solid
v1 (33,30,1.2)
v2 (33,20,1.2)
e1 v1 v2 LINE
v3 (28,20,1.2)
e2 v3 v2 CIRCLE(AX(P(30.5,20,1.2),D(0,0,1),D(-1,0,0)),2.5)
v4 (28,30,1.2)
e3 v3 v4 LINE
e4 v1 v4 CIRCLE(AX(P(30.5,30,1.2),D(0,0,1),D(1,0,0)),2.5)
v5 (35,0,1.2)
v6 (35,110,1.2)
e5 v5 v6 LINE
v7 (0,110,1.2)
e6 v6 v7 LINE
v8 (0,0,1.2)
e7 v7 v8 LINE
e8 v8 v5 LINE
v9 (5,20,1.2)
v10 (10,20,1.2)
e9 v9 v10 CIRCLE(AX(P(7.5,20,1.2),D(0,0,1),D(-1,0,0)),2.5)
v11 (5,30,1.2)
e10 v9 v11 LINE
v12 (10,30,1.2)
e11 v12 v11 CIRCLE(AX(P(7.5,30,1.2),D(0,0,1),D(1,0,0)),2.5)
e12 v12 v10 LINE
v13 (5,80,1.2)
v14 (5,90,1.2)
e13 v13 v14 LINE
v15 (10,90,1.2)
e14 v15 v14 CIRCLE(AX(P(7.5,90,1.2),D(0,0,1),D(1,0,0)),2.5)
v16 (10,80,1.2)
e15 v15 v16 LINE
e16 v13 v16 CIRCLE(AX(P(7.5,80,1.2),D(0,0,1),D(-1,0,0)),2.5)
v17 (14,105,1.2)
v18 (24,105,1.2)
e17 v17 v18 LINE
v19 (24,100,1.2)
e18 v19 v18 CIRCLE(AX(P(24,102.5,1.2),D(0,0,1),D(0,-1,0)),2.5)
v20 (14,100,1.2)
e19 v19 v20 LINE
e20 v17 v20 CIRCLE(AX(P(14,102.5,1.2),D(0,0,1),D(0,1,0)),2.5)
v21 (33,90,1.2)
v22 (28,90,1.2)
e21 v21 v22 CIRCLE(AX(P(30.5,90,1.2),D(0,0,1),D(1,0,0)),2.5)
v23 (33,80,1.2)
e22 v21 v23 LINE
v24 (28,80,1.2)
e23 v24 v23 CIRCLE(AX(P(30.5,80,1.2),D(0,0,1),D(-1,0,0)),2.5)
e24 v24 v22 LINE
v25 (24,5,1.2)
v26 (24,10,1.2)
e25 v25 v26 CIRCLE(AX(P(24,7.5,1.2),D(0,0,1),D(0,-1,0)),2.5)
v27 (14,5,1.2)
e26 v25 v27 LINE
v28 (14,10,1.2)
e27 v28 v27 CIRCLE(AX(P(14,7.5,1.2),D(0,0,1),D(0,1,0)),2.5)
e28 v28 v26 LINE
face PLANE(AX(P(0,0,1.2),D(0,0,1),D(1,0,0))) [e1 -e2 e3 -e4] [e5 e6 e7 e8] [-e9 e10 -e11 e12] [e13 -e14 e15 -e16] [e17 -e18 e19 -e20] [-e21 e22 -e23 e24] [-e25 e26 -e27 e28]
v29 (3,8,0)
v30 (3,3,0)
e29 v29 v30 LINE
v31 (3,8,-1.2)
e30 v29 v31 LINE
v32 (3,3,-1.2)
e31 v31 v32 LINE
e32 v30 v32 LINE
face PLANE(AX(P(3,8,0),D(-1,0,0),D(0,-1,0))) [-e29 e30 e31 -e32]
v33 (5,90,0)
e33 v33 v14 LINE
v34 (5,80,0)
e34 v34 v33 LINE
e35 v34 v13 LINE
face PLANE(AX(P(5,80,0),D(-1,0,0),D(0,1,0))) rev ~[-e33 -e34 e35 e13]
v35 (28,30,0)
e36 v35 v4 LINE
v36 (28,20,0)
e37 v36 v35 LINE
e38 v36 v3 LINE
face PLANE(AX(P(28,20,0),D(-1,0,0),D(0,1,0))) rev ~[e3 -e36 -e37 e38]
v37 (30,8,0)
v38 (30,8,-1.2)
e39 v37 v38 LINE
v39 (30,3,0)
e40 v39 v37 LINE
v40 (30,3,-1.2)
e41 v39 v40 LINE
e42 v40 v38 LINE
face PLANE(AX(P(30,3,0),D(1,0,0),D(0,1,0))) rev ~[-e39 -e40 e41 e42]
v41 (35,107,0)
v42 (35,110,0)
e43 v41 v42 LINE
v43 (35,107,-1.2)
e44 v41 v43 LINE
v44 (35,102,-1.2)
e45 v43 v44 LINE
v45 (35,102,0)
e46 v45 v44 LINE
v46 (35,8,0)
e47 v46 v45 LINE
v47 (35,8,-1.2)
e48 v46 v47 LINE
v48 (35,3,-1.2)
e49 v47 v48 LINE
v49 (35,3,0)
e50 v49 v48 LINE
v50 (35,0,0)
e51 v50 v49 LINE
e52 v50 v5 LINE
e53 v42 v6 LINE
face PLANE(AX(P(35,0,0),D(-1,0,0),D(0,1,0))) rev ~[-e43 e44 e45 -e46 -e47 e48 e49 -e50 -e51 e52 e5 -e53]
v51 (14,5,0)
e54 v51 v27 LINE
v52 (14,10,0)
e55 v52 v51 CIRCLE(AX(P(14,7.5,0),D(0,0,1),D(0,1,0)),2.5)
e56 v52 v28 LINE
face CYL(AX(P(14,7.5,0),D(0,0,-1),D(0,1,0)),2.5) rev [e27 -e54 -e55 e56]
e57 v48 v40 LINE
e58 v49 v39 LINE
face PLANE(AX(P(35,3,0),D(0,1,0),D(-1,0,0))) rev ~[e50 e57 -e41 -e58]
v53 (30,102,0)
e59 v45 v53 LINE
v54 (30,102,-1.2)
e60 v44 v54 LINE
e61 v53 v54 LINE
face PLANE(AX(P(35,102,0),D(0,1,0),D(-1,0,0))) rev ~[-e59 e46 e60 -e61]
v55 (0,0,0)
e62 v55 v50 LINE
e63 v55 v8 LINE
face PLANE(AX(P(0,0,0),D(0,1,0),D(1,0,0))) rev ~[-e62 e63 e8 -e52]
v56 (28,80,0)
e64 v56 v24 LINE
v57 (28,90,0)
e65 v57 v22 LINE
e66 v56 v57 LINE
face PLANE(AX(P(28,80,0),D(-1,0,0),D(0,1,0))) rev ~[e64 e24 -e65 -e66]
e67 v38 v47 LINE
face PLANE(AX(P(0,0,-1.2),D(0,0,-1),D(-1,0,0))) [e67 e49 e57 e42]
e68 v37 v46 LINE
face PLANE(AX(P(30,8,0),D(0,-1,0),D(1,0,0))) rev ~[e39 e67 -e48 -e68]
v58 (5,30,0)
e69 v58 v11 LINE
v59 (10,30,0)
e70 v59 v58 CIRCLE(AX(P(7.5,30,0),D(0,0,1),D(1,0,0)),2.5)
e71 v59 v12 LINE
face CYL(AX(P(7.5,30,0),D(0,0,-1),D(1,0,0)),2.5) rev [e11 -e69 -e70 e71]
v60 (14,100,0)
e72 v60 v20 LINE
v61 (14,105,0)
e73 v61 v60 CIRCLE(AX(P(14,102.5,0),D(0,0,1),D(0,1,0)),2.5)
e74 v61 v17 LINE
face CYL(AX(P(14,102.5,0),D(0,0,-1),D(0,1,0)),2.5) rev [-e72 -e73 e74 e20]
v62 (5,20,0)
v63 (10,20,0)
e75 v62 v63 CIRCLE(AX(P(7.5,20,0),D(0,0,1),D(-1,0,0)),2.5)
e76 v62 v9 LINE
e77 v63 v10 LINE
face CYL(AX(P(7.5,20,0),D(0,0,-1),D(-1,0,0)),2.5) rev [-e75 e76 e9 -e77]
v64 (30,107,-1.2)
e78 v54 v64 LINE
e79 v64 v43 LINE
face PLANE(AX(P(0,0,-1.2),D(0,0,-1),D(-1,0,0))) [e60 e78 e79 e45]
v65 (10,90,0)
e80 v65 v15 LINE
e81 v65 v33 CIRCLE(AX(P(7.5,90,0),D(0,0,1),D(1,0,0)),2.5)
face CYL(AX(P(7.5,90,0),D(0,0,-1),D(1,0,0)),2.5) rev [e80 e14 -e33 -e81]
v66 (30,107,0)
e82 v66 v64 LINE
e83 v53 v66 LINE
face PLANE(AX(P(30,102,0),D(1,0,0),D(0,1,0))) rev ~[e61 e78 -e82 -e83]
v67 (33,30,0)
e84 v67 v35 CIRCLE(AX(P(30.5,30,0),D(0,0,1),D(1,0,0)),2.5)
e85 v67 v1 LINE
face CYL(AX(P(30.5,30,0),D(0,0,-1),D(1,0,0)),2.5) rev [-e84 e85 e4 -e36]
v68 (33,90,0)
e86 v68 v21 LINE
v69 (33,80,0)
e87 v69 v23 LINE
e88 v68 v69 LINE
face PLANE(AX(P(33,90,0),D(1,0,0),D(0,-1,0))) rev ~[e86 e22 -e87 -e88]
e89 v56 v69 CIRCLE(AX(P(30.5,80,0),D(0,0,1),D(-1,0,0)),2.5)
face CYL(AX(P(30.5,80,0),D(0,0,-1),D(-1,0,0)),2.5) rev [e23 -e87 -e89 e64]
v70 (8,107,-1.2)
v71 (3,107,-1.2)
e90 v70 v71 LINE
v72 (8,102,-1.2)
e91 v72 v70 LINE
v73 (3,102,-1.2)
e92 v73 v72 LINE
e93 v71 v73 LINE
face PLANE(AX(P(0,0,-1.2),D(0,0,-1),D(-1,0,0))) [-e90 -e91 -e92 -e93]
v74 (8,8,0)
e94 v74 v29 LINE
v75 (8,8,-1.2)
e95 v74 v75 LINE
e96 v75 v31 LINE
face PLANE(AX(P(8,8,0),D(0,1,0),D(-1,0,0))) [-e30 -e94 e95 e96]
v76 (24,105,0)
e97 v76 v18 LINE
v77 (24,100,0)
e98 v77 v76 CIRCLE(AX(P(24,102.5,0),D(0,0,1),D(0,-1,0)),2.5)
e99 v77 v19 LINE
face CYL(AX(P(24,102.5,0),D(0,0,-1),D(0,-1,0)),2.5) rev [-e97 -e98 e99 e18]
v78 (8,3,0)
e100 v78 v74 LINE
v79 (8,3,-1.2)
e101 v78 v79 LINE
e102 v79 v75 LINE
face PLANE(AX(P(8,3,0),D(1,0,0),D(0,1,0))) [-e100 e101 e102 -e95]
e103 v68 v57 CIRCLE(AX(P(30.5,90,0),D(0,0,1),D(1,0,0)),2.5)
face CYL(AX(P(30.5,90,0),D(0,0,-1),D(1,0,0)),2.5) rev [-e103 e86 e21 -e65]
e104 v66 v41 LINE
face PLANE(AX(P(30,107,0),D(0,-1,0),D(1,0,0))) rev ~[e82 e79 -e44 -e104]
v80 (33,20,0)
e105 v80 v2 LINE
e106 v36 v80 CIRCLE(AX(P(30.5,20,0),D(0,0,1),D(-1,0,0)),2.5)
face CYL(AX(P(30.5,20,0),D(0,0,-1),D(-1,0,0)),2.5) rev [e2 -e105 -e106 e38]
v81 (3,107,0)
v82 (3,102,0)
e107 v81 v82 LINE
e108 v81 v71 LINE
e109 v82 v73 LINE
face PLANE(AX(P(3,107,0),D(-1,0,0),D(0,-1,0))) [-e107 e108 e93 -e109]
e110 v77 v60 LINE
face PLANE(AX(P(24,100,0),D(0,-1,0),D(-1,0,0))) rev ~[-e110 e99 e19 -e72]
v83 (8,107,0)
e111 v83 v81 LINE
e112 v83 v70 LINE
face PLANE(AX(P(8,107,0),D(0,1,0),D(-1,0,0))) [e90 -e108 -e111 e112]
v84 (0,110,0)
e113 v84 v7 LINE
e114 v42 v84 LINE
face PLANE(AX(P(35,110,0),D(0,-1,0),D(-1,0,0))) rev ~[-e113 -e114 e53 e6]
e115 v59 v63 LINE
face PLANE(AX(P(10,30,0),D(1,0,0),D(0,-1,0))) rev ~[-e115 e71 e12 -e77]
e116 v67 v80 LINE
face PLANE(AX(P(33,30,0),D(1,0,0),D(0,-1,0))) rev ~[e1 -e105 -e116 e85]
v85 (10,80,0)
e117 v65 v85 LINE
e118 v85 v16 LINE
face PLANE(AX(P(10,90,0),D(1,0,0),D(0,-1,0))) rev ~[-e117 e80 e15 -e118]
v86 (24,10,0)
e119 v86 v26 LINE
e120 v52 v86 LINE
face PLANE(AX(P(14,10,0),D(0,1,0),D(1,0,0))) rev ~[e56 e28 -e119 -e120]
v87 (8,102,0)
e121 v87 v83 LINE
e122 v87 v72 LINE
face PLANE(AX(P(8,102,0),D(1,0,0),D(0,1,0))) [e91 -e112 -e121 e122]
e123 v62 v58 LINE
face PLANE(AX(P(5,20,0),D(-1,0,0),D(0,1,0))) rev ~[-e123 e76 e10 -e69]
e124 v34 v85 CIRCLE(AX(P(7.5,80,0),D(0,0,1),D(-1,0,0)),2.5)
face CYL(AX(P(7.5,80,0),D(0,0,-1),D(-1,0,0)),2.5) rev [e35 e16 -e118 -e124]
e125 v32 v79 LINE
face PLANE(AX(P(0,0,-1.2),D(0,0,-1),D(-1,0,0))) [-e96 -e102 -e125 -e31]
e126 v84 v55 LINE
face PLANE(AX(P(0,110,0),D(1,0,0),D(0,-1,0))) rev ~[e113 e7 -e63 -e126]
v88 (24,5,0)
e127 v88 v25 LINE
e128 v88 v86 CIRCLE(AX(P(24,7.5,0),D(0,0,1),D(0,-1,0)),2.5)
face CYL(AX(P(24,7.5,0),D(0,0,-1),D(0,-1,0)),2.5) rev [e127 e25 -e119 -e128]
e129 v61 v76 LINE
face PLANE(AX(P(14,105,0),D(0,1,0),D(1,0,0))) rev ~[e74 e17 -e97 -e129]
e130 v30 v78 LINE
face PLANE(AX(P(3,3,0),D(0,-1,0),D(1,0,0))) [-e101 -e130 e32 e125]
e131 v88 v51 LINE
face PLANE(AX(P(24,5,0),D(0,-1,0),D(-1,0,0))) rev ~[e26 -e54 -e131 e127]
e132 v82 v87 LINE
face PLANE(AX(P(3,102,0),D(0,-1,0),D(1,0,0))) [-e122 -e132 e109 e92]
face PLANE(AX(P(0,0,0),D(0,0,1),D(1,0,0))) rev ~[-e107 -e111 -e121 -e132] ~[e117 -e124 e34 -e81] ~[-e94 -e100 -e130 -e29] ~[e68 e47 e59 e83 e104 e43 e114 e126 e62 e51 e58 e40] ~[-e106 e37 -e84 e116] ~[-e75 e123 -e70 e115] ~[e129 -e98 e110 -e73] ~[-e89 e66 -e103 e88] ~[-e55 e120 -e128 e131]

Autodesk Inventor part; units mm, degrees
ref_plane "YZ Plane" through (0, 0, 0) normal (1, 0, 0) x (0, 1, 0)
ref_plane "XZ Plane" through (0, 0, 0) normal (0, 1, 0) x (-1, 0, 0)
ref_plane "XY Plane" through (0, 0, 0) normal (0, 0, 1) x (1, 0, 0)
sketch "Skizze1" plane through (0, 0, 0) normal (0, 0, 1) x (1, 0, 0)
  line L0 (0, 0) -> (35, 0)
  line L1 (35, 0) -> (35, 110)
  line L2 (35, 110) -> (0, 110)
  line L3 (0, 110) -> (0, 0)
  line L4 (14, 105) -> (24, 105)
  line L5 (24, 105) -> (24, 100) construction
  line L6 (24, 100) -> (14, 100)
  line L7 (14, 100) -> (14, 105) construction
  line L8 (14, 10) -> (24, 10)
  line L9 (24, 10) -> (24, 5) construction
  line L10 (24, 5) -> (14, 5)
  line L11 (14, 5) -> (14, 10) construction
  line L12 (5, 90) -> (10, 90) construction
  line L13 (10, 90) -> (10, 80)
  line L14 (10, 80) -> (5, 80) construction
  line L15 (5, 80) -> (5, 90)
  line L16 (5, 30) -> (10, 30) construction
  line L17 (10, 30) -> (10, 20)
  line L18 (10, 20) -> (5, 20) construction
  line L19 (5, 20) -> (5, 30)
  line L20 (28, 90) -> (33, 90) construction
  line L21 (33, 90) -> (33, 80)
  line L22 (33, 80) -> (28, 80) construction
  line L23 (28, 80) -> (28, 90)
  line L24 (28, 30) -> (33, 30) construction
  line L25 (33, 30) -> (33, 20)
  line L26 (33, 20) -> (28, 20) construction
  line L27 (28, 20) -> (28, 30)
  line L28 (10, 80) -> (10, 30) construction
  line L29 (0, 55) -> (35, 55) construction
  arc A0 (5, 80) -> (10, 80) centre (7.5, 80) ccw
  arc A1 (10, 90) -> (5, 90) centre (7.5, 90) ccw
  arc A2 (33, 90) -> (28, 90) centre (30.5, 90) ccw
  arc A3 (28, 80) -> (33, 80) centre (30.5, 80) ccw
  arc A4 (24, 5) -> (24, 10) centre (24, 7.5) ccw
  arc A5 (14, 10) -> (14, 5) centre (14, 7.5) ccw
  arc A6 (5, 20) -> (10, 20) centre (7.5, 20) ccw
  arc A7 (28, 20) -> (33, 20) centre (30.5, 20) ccw
  arc A8 (33, 30) -> (28, 30) centre (30.5, 30) ccw
  arc A9 (10, 30) -> (5, 30) centre (7.5, 30) ccw
  arc A10 (24, 100) -> (24, 105) centre (24, 102.5) ccw
  arc A11 (14, 105) -> (14, 100) centre (14, 102.5) ccw
  line L30 (19, 10) -> (19, 100) construction
  line L31 (10, 85) -> (28, 85) construction
  point P0 (10, 55)
  point P1 (19, 85)
  dimension "d0" = 35
  dimension "d1" = 110
  dimension "d4" = 10
  dimension "d5" = 10
  dimension "d6" = 10
  dimension "d7" = 5
  dimension "d8" = 5
  dimension "d9" = 5
  dimension "d10" = 5
  dimension "d11" = 5
  dimension "d12" = 2
  dimension "d13" = 5
  dimension "d14" = 50
  dimension "d15" = 5
extrude "Extrusion2" add sketch "Skizze1" along normal blind 1.2
sketch "Skizze2" plane through (0, 0, 0) normal (0, 0, -1) x (-1, 0, 0)
  arc A0 (-28, 30) -> (-33, 30) centre (-30.5, 30) ccw construction
  line L0 (-28, 30) -> (-28, 20) construction
  arc A1 (-33, 20) -> (-28, 20) centre (-30.5, 20) ccw construction
  line L1 (-33, 20) -> (-33, 30) construction
  arc A2 (-28, 90) -> (-33, 90) centre (-30.5, 90) ccw construction
  line L2 (-28, 90) -> (-28, 80) construction
  arc A3 (-33, 80) -> (-28, 80) centre (-30.5, 80) ccw construction
  line L3 (-33, 80) -> (-33, 90) construction
  arc A4 (-5, 30) -> (-10, 30) centre (-7.5, 30) ccw construction
  line L4 (-5, 30) -> (-5, 20) construction
  arc A5 (-10, 20) -> (-5, 20) centre (-7.5, 20) ccw construction
  line L5 (-10, 20) -> (-10, 30) construction
  arc A6 (-5, 90) -> (-10, 90) centre (-7.5, 90) ccw construction
  line L6 (-5, 90) -> (-5, 80) construction
  arc A7 (-10, 80) -> (-5, 80) centre (-7.5, 80) ccw construction
  line L7 (-10, 80) -> (-10, 90) construction
  arc A8 (-24, 10) -> (-24, 5) centre (-24, 7.5) ccw construction
  line L8 (-24, 10) -> (-14, 10) construction
  arc A9 (-14, 5) -> (-14, 10) centre (-14, 7.5) ccw construction
  line L9 (-14, 5) -> (-24, 5) construction
  arc A10 (-24, 105) -> (-24, 100) centre (-24, 102.5) ccw construction
  line L10 (-24, 105) -> (-14, 105) construction
  arc A11 (-14, 100) -> (-14, 105) centre (-14, 102.5) ccw construction
  line L11 (-14, 100) -> (-24, 100) construction
  line L12 (0, 0) -> (-35, 0) construction
  line L13 (0, 110) -> (0, 0) construction
  line L14 (-35, 110) -> (0, 110) construction
  line L15 (-35, 0) -> (-35, 110) construction
  line L16 (-35, 3) -> (-30, 3)
  line L17 (-30, 3) -> (-30, 8)
  line L18 (-30, 8) -> (-35, 8)
  line L19 (-35, 8) -> (-35, 3)
  line L20 (-3, 3) -> (-8, 3)
  line L21 (-8, 3) -> (-8, 8)
  line L22 (-8, 8) -> (-3, 8)
  line L23 (-3, 8) -> (-3, 3)
  line L24 (-3, 102) -> (-8, 102)
  line L25 (-8, 102) -> (-8, 107)
  line L26 (-8, 107) -> (-3, 107)
  line L27 (-3, 107) -> (-3, 102)
  line L28 (-30, 107) -> (-35, 107)
  line L29 (-35, 107) -> (-35, 102)
  line L30 (-35, 102) -> (-30, 102)
  line L31 (-30, 102) -> (-30, 107)
  dimension "d18" = 5
  dimension "d19" = 5
  dimension "d20" = 5
  dimension "d21" = 5
  dimension "d22" = 3
  dimension "d23" = 0
  dimension "d24" = 3
  dimension "d25" = 3
extrude "Extrusion3" add sketch "Skizze2" along normal blind 1.2
properties part number "bett_V3_teil2_deckplatte_real" material "Holz (Walnuss)"
